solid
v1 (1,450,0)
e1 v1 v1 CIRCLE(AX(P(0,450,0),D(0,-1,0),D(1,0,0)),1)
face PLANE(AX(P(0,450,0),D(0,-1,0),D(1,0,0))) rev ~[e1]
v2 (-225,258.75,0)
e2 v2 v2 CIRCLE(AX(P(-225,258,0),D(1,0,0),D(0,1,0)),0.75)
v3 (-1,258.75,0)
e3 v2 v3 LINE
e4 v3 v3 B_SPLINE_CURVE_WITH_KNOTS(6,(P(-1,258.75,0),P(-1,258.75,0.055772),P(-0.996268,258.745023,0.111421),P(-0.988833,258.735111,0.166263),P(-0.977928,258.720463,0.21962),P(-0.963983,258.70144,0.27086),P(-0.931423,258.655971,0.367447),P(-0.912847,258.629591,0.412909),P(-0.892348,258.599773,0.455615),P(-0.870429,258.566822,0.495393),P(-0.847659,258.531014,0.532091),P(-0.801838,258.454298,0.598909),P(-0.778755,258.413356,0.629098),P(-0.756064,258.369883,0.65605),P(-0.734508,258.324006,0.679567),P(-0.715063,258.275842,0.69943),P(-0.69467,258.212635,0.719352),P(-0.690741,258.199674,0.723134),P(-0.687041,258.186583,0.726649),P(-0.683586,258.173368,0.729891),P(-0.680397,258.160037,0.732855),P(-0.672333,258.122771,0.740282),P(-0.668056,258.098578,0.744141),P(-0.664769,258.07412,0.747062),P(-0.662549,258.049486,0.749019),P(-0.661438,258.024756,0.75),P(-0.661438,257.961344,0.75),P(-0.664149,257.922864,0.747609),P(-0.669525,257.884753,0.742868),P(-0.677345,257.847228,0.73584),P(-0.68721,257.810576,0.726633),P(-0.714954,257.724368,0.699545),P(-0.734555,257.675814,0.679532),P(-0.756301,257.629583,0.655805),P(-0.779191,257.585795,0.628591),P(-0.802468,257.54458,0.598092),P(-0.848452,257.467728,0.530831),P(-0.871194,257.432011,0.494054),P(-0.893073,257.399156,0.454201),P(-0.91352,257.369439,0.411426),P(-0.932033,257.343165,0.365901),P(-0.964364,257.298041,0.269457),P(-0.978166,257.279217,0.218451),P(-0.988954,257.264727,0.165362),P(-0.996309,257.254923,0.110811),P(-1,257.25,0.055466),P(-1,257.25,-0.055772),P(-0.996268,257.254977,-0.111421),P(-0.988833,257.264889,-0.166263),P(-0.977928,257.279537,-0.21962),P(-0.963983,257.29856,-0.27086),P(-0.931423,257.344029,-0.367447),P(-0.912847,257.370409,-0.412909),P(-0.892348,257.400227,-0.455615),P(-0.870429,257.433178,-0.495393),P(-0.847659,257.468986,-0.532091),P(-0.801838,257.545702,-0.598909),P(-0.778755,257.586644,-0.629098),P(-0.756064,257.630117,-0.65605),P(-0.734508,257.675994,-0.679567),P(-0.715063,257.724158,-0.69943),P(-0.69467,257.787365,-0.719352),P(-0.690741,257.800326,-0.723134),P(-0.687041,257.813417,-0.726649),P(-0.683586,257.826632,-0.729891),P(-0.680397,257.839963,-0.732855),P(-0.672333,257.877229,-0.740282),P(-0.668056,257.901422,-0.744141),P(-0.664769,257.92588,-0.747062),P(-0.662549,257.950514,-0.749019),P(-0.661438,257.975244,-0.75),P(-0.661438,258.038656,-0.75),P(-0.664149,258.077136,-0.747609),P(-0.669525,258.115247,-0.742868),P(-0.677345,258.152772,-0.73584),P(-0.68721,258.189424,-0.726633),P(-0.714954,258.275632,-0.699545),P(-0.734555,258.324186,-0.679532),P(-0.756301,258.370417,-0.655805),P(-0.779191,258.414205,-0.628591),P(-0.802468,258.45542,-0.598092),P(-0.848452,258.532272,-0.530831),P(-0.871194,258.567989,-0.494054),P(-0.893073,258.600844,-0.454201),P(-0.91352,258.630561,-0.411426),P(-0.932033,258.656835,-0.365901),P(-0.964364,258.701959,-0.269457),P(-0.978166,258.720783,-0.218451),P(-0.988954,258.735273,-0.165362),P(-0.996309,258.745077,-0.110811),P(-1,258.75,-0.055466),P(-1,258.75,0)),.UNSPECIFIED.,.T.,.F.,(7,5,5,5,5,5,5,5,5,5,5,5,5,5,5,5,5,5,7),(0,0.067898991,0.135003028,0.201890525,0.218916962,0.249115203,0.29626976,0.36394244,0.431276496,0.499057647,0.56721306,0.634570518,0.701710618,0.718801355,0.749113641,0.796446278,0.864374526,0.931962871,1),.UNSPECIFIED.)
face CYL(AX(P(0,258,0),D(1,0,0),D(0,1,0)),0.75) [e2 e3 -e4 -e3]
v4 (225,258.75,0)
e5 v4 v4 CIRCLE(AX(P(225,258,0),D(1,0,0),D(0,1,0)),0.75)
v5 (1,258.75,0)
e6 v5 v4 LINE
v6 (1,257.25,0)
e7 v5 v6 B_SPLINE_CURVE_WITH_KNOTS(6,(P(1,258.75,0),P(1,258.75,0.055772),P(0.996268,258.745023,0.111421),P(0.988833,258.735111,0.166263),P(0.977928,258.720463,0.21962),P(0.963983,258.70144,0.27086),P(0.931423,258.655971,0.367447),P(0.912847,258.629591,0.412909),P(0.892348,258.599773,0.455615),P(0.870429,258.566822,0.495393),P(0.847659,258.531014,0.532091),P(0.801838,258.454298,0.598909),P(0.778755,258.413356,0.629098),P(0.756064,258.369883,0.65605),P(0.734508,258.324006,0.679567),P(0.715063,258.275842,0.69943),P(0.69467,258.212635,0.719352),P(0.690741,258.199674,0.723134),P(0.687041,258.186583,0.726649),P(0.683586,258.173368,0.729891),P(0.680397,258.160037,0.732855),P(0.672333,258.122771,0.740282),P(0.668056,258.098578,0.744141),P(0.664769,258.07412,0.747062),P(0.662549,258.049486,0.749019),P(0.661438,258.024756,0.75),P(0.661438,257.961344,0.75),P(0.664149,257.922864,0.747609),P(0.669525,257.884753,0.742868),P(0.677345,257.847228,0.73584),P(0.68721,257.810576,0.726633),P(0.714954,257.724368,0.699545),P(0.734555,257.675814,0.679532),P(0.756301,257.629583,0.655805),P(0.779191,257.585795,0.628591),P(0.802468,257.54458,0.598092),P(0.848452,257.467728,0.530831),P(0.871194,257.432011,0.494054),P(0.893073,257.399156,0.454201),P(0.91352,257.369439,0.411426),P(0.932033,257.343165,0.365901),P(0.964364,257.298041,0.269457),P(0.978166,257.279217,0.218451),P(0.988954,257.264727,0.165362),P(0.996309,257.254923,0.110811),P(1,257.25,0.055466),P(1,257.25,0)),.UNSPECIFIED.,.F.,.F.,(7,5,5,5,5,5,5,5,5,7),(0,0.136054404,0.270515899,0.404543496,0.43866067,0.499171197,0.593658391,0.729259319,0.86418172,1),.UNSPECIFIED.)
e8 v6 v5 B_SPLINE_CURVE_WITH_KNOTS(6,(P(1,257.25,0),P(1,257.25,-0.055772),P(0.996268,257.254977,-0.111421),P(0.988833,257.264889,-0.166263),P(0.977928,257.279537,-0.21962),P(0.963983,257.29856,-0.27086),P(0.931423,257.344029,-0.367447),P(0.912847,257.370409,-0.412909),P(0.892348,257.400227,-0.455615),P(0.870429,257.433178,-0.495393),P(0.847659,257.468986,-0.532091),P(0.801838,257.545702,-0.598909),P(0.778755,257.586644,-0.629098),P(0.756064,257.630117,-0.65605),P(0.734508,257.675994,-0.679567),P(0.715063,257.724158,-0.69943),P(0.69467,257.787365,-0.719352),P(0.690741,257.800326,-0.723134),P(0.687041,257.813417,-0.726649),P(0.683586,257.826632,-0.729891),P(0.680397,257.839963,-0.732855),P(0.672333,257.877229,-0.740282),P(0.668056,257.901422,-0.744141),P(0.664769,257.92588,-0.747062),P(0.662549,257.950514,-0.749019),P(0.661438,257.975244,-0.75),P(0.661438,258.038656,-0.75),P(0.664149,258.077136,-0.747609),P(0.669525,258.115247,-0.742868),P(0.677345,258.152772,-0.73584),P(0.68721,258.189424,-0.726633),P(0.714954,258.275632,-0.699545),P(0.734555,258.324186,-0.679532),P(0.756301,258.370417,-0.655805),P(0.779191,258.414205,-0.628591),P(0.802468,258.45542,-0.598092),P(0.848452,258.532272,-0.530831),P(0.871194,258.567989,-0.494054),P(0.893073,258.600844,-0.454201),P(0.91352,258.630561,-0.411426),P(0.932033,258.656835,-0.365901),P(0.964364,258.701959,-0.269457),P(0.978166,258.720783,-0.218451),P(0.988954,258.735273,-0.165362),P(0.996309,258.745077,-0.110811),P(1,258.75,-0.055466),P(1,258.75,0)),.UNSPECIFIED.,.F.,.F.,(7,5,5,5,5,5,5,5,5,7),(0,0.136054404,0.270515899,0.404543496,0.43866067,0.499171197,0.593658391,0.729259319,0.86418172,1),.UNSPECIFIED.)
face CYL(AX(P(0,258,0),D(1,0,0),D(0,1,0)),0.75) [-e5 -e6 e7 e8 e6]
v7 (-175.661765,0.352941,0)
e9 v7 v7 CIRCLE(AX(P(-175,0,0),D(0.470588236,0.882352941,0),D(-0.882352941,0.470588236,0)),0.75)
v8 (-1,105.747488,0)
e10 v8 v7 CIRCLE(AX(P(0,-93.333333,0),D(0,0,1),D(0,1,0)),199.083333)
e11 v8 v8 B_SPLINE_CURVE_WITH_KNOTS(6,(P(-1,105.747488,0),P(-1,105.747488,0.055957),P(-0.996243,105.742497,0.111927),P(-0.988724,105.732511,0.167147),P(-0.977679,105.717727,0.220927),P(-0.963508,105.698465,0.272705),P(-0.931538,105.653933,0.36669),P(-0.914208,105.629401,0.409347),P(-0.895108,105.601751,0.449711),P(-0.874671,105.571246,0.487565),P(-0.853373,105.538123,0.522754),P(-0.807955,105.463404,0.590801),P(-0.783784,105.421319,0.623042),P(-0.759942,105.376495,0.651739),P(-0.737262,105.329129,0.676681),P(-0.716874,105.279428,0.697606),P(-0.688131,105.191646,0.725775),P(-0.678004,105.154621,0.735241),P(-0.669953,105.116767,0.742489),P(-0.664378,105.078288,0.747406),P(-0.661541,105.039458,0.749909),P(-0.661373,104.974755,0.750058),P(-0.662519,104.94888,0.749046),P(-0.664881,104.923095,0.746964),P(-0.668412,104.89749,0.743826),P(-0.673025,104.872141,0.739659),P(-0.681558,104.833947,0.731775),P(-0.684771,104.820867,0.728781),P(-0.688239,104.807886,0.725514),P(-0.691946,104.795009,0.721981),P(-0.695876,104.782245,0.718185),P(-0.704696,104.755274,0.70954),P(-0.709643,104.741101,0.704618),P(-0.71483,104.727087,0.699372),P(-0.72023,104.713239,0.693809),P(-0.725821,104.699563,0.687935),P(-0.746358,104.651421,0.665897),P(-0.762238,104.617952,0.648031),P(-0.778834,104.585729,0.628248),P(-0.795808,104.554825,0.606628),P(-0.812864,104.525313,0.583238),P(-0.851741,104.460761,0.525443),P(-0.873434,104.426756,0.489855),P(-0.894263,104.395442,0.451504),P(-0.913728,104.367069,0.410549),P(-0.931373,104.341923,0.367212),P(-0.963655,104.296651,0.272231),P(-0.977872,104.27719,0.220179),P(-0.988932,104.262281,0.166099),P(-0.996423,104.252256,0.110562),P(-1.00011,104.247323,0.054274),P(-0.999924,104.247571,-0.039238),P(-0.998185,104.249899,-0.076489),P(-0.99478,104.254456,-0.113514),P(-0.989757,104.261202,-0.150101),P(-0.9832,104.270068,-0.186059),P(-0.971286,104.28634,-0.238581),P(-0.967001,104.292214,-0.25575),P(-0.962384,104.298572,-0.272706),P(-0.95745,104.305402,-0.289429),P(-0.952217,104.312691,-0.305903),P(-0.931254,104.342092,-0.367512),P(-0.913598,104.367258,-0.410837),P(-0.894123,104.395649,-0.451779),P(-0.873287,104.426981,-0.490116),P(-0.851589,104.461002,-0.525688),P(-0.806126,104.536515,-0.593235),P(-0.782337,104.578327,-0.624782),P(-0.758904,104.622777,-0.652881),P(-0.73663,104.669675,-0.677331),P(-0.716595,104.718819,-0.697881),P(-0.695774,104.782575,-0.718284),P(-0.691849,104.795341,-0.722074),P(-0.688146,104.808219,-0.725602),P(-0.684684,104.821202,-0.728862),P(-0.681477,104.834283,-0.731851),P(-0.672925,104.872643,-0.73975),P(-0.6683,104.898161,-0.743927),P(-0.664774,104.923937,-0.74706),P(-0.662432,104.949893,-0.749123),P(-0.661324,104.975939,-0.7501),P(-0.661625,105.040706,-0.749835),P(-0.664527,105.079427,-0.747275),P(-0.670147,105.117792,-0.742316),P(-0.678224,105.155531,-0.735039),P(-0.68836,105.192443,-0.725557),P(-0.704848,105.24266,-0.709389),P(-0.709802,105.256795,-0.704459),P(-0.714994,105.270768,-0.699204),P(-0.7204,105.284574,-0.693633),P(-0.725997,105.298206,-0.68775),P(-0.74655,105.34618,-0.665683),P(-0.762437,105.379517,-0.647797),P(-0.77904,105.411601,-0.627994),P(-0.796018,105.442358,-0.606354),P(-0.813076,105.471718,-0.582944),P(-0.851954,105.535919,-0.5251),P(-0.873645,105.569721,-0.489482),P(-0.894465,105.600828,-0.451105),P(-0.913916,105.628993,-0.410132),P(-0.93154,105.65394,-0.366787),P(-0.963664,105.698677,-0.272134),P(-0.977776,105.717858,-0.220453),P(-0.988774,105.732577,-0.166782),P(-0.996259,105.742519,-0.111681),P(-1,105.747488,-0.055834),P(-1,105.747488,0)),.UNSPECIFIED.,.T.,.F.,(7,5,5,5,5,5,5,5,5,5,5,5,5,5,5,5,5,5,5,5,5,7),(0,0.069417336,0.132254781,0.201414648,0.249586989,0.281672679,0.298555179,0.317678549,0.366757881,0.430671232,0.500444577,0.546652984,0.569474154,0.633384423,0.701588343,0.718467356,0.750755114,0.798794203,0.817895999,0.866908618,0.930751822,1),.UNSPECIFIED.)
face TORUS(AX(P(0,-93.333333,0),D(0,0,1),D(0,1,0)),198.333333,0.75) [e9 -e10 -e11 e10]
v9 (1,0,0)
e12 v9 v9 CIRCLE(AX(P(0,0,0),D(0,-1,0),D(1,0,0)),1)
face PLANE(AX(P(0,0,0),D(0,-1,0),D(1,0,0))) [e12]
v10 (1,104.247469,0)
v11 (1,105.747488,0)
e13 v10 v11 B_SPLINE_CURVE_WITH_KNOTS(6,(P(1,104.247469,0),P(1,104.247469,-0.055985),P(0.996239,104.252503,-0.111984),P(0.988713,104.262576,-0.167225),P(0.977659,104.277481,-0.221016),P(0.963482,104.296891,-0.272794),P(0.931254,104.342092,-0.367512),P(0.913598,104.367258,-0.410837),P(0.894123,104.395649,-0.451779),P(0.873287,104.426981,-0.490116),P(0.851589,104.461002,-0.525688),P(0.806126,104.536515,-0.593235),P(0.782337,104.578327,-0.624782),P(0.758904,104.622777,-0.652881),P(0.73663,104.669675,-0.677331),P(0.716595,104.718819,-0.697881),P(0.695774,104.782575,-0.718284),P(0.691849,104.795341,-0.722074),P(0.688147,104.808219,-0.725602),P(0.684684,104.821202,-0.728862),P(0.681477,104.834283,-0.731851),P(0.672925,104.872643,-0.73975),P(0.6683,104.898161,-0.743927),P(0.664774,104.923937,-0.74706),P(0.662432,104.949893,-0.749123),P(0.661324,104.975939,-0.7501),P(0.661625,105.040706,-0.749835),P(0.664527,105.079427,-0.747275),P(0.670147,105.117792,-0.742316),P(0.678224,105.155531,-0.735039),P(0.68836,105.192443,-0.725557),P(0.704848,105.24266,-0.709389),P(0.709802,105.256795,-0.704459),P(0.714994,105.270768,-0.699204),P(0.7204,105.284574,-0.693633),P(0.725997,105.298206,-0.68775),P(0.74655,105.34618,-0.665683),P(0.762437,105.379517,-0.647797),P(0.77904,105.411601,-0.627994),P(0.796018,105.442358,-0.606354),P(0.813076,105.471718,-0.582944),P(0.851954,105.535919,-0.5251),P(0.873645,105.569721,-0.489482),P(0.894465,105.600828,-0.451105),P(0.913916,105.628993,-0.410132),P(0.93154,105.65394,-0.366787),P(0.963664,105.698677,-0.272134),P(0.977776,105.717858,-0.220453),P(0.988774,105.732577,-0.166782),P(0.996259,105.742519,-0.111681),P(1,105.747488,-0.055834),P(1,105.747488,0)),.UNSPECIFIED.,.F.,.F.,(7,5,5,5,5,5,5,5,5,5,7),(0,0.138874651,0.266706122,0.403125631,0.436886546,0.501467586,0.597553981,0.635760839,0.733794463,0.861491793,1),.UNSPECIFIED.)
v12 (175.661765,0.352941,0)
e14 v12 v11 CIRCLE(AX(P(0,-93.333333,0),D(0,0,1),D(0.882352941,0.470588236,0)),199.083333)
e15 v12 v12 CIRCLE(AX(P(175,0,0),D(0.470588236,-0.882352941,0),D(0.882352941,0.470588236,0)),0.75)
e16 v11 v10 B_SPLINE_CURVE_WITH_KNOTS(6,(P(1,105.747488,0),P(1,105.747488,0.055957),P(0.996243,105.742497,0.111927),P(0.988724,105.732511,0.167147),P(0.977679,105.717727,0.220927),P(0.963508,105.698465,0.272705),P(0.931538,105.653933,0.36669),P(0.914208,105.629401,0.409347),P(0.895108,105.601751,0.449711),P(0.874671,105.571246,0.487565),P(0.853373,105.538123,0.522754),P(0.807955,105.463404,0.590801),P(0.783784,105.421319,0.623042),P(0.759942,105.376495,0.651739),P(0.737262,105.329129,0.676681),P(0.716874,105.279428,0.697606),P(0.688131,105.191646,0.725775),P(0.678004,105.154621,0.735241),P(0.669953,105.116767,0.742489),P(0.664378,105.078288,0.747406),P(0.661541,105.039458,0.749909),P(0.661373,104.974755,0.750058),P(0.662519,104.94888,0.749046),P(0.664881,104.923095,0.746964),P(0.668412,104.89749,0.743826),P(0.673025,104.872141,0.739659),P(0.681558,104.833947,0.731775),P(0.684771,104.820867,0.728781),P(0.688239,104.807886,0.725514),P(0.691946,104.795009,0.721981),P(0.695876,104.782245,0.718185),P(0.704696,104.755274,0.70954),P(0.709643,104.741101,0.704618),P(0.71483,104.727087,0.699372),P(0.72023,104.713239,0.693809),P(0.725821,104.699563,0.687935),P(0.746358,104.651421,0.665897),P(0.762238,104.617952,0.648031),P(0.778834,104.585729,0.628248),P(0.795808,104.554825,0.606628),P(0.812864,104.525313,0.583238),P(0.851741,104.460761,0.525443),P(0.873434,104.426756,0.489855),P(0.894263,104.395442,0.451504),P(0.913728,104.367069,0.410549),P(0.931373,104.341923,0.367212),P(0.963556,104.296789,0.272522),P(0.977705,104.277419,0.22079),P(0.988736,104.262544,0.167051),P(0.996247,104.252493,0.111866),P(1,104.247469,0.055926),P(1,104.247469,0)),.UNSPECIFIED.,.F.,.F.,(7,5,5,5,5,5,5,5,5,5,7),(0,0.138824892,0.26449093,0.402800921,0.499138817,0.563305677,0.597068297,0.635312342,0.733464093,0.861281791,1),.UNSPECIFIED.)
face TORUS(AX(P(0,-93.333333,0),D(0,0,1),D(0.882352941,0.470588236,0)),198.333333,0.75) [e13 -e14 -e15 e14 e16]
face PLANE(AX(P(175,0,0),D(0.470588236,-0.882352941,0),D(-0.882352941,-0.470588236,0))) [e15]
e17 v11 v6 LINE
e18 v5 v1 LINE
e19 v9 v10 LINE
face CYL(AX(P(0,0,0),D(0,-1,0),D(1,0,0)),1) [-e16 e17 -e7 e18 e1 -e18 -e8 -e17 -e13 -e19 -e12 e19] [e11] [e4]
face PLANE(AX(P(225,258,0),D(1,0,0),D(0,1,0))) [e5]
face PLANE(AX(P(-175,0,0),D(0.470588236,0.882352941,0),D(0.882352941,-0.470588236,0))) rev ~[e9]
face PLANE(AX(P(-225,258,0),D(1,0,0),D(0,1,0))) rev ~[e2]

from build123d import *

# Parameters (mm, degrees)
SKETCH_R     = 1
PAD_DEPTH    = 450
SKETCH001_R  = 0.75
PAD001_DEPTH = 225
SKETCH002_R  = 0.75


with BuildPart() as part:
    # Sketch → Pad (new body)
    with BuildSketch(Plane.XZ):
        Circle(SKETCH_R)
    extrude(amount=-PAD_DEPTH)

    # Sketch001 → Pad001 (join, symmetric)
    with BuildSketch(Plane.YZ):
        with Locations((258, 0)):
            Circle(SKETCH001_R)
    extrude(amount=PAD001_DEPTH, both=True)

    # AdditivePipe: sweep along a path in Sketch003
    with BuildLine(Plane.XY) as additivepipe_path:
        ThreePointArc((175, 0), (102.041658, 76.736097), (0, 105))
        ThreePointArc((0, 105), (-102.041658, 76.736097), (-175, 0))
    # Sketch002 → AdditivePipe (sweep)
    with BuildSketch(Plane.YZ):
        with Locations((105, 0)):
            Circle(SKETCH002_R)
    sweep(path=additivepipe_path.line)


solid = part.part
